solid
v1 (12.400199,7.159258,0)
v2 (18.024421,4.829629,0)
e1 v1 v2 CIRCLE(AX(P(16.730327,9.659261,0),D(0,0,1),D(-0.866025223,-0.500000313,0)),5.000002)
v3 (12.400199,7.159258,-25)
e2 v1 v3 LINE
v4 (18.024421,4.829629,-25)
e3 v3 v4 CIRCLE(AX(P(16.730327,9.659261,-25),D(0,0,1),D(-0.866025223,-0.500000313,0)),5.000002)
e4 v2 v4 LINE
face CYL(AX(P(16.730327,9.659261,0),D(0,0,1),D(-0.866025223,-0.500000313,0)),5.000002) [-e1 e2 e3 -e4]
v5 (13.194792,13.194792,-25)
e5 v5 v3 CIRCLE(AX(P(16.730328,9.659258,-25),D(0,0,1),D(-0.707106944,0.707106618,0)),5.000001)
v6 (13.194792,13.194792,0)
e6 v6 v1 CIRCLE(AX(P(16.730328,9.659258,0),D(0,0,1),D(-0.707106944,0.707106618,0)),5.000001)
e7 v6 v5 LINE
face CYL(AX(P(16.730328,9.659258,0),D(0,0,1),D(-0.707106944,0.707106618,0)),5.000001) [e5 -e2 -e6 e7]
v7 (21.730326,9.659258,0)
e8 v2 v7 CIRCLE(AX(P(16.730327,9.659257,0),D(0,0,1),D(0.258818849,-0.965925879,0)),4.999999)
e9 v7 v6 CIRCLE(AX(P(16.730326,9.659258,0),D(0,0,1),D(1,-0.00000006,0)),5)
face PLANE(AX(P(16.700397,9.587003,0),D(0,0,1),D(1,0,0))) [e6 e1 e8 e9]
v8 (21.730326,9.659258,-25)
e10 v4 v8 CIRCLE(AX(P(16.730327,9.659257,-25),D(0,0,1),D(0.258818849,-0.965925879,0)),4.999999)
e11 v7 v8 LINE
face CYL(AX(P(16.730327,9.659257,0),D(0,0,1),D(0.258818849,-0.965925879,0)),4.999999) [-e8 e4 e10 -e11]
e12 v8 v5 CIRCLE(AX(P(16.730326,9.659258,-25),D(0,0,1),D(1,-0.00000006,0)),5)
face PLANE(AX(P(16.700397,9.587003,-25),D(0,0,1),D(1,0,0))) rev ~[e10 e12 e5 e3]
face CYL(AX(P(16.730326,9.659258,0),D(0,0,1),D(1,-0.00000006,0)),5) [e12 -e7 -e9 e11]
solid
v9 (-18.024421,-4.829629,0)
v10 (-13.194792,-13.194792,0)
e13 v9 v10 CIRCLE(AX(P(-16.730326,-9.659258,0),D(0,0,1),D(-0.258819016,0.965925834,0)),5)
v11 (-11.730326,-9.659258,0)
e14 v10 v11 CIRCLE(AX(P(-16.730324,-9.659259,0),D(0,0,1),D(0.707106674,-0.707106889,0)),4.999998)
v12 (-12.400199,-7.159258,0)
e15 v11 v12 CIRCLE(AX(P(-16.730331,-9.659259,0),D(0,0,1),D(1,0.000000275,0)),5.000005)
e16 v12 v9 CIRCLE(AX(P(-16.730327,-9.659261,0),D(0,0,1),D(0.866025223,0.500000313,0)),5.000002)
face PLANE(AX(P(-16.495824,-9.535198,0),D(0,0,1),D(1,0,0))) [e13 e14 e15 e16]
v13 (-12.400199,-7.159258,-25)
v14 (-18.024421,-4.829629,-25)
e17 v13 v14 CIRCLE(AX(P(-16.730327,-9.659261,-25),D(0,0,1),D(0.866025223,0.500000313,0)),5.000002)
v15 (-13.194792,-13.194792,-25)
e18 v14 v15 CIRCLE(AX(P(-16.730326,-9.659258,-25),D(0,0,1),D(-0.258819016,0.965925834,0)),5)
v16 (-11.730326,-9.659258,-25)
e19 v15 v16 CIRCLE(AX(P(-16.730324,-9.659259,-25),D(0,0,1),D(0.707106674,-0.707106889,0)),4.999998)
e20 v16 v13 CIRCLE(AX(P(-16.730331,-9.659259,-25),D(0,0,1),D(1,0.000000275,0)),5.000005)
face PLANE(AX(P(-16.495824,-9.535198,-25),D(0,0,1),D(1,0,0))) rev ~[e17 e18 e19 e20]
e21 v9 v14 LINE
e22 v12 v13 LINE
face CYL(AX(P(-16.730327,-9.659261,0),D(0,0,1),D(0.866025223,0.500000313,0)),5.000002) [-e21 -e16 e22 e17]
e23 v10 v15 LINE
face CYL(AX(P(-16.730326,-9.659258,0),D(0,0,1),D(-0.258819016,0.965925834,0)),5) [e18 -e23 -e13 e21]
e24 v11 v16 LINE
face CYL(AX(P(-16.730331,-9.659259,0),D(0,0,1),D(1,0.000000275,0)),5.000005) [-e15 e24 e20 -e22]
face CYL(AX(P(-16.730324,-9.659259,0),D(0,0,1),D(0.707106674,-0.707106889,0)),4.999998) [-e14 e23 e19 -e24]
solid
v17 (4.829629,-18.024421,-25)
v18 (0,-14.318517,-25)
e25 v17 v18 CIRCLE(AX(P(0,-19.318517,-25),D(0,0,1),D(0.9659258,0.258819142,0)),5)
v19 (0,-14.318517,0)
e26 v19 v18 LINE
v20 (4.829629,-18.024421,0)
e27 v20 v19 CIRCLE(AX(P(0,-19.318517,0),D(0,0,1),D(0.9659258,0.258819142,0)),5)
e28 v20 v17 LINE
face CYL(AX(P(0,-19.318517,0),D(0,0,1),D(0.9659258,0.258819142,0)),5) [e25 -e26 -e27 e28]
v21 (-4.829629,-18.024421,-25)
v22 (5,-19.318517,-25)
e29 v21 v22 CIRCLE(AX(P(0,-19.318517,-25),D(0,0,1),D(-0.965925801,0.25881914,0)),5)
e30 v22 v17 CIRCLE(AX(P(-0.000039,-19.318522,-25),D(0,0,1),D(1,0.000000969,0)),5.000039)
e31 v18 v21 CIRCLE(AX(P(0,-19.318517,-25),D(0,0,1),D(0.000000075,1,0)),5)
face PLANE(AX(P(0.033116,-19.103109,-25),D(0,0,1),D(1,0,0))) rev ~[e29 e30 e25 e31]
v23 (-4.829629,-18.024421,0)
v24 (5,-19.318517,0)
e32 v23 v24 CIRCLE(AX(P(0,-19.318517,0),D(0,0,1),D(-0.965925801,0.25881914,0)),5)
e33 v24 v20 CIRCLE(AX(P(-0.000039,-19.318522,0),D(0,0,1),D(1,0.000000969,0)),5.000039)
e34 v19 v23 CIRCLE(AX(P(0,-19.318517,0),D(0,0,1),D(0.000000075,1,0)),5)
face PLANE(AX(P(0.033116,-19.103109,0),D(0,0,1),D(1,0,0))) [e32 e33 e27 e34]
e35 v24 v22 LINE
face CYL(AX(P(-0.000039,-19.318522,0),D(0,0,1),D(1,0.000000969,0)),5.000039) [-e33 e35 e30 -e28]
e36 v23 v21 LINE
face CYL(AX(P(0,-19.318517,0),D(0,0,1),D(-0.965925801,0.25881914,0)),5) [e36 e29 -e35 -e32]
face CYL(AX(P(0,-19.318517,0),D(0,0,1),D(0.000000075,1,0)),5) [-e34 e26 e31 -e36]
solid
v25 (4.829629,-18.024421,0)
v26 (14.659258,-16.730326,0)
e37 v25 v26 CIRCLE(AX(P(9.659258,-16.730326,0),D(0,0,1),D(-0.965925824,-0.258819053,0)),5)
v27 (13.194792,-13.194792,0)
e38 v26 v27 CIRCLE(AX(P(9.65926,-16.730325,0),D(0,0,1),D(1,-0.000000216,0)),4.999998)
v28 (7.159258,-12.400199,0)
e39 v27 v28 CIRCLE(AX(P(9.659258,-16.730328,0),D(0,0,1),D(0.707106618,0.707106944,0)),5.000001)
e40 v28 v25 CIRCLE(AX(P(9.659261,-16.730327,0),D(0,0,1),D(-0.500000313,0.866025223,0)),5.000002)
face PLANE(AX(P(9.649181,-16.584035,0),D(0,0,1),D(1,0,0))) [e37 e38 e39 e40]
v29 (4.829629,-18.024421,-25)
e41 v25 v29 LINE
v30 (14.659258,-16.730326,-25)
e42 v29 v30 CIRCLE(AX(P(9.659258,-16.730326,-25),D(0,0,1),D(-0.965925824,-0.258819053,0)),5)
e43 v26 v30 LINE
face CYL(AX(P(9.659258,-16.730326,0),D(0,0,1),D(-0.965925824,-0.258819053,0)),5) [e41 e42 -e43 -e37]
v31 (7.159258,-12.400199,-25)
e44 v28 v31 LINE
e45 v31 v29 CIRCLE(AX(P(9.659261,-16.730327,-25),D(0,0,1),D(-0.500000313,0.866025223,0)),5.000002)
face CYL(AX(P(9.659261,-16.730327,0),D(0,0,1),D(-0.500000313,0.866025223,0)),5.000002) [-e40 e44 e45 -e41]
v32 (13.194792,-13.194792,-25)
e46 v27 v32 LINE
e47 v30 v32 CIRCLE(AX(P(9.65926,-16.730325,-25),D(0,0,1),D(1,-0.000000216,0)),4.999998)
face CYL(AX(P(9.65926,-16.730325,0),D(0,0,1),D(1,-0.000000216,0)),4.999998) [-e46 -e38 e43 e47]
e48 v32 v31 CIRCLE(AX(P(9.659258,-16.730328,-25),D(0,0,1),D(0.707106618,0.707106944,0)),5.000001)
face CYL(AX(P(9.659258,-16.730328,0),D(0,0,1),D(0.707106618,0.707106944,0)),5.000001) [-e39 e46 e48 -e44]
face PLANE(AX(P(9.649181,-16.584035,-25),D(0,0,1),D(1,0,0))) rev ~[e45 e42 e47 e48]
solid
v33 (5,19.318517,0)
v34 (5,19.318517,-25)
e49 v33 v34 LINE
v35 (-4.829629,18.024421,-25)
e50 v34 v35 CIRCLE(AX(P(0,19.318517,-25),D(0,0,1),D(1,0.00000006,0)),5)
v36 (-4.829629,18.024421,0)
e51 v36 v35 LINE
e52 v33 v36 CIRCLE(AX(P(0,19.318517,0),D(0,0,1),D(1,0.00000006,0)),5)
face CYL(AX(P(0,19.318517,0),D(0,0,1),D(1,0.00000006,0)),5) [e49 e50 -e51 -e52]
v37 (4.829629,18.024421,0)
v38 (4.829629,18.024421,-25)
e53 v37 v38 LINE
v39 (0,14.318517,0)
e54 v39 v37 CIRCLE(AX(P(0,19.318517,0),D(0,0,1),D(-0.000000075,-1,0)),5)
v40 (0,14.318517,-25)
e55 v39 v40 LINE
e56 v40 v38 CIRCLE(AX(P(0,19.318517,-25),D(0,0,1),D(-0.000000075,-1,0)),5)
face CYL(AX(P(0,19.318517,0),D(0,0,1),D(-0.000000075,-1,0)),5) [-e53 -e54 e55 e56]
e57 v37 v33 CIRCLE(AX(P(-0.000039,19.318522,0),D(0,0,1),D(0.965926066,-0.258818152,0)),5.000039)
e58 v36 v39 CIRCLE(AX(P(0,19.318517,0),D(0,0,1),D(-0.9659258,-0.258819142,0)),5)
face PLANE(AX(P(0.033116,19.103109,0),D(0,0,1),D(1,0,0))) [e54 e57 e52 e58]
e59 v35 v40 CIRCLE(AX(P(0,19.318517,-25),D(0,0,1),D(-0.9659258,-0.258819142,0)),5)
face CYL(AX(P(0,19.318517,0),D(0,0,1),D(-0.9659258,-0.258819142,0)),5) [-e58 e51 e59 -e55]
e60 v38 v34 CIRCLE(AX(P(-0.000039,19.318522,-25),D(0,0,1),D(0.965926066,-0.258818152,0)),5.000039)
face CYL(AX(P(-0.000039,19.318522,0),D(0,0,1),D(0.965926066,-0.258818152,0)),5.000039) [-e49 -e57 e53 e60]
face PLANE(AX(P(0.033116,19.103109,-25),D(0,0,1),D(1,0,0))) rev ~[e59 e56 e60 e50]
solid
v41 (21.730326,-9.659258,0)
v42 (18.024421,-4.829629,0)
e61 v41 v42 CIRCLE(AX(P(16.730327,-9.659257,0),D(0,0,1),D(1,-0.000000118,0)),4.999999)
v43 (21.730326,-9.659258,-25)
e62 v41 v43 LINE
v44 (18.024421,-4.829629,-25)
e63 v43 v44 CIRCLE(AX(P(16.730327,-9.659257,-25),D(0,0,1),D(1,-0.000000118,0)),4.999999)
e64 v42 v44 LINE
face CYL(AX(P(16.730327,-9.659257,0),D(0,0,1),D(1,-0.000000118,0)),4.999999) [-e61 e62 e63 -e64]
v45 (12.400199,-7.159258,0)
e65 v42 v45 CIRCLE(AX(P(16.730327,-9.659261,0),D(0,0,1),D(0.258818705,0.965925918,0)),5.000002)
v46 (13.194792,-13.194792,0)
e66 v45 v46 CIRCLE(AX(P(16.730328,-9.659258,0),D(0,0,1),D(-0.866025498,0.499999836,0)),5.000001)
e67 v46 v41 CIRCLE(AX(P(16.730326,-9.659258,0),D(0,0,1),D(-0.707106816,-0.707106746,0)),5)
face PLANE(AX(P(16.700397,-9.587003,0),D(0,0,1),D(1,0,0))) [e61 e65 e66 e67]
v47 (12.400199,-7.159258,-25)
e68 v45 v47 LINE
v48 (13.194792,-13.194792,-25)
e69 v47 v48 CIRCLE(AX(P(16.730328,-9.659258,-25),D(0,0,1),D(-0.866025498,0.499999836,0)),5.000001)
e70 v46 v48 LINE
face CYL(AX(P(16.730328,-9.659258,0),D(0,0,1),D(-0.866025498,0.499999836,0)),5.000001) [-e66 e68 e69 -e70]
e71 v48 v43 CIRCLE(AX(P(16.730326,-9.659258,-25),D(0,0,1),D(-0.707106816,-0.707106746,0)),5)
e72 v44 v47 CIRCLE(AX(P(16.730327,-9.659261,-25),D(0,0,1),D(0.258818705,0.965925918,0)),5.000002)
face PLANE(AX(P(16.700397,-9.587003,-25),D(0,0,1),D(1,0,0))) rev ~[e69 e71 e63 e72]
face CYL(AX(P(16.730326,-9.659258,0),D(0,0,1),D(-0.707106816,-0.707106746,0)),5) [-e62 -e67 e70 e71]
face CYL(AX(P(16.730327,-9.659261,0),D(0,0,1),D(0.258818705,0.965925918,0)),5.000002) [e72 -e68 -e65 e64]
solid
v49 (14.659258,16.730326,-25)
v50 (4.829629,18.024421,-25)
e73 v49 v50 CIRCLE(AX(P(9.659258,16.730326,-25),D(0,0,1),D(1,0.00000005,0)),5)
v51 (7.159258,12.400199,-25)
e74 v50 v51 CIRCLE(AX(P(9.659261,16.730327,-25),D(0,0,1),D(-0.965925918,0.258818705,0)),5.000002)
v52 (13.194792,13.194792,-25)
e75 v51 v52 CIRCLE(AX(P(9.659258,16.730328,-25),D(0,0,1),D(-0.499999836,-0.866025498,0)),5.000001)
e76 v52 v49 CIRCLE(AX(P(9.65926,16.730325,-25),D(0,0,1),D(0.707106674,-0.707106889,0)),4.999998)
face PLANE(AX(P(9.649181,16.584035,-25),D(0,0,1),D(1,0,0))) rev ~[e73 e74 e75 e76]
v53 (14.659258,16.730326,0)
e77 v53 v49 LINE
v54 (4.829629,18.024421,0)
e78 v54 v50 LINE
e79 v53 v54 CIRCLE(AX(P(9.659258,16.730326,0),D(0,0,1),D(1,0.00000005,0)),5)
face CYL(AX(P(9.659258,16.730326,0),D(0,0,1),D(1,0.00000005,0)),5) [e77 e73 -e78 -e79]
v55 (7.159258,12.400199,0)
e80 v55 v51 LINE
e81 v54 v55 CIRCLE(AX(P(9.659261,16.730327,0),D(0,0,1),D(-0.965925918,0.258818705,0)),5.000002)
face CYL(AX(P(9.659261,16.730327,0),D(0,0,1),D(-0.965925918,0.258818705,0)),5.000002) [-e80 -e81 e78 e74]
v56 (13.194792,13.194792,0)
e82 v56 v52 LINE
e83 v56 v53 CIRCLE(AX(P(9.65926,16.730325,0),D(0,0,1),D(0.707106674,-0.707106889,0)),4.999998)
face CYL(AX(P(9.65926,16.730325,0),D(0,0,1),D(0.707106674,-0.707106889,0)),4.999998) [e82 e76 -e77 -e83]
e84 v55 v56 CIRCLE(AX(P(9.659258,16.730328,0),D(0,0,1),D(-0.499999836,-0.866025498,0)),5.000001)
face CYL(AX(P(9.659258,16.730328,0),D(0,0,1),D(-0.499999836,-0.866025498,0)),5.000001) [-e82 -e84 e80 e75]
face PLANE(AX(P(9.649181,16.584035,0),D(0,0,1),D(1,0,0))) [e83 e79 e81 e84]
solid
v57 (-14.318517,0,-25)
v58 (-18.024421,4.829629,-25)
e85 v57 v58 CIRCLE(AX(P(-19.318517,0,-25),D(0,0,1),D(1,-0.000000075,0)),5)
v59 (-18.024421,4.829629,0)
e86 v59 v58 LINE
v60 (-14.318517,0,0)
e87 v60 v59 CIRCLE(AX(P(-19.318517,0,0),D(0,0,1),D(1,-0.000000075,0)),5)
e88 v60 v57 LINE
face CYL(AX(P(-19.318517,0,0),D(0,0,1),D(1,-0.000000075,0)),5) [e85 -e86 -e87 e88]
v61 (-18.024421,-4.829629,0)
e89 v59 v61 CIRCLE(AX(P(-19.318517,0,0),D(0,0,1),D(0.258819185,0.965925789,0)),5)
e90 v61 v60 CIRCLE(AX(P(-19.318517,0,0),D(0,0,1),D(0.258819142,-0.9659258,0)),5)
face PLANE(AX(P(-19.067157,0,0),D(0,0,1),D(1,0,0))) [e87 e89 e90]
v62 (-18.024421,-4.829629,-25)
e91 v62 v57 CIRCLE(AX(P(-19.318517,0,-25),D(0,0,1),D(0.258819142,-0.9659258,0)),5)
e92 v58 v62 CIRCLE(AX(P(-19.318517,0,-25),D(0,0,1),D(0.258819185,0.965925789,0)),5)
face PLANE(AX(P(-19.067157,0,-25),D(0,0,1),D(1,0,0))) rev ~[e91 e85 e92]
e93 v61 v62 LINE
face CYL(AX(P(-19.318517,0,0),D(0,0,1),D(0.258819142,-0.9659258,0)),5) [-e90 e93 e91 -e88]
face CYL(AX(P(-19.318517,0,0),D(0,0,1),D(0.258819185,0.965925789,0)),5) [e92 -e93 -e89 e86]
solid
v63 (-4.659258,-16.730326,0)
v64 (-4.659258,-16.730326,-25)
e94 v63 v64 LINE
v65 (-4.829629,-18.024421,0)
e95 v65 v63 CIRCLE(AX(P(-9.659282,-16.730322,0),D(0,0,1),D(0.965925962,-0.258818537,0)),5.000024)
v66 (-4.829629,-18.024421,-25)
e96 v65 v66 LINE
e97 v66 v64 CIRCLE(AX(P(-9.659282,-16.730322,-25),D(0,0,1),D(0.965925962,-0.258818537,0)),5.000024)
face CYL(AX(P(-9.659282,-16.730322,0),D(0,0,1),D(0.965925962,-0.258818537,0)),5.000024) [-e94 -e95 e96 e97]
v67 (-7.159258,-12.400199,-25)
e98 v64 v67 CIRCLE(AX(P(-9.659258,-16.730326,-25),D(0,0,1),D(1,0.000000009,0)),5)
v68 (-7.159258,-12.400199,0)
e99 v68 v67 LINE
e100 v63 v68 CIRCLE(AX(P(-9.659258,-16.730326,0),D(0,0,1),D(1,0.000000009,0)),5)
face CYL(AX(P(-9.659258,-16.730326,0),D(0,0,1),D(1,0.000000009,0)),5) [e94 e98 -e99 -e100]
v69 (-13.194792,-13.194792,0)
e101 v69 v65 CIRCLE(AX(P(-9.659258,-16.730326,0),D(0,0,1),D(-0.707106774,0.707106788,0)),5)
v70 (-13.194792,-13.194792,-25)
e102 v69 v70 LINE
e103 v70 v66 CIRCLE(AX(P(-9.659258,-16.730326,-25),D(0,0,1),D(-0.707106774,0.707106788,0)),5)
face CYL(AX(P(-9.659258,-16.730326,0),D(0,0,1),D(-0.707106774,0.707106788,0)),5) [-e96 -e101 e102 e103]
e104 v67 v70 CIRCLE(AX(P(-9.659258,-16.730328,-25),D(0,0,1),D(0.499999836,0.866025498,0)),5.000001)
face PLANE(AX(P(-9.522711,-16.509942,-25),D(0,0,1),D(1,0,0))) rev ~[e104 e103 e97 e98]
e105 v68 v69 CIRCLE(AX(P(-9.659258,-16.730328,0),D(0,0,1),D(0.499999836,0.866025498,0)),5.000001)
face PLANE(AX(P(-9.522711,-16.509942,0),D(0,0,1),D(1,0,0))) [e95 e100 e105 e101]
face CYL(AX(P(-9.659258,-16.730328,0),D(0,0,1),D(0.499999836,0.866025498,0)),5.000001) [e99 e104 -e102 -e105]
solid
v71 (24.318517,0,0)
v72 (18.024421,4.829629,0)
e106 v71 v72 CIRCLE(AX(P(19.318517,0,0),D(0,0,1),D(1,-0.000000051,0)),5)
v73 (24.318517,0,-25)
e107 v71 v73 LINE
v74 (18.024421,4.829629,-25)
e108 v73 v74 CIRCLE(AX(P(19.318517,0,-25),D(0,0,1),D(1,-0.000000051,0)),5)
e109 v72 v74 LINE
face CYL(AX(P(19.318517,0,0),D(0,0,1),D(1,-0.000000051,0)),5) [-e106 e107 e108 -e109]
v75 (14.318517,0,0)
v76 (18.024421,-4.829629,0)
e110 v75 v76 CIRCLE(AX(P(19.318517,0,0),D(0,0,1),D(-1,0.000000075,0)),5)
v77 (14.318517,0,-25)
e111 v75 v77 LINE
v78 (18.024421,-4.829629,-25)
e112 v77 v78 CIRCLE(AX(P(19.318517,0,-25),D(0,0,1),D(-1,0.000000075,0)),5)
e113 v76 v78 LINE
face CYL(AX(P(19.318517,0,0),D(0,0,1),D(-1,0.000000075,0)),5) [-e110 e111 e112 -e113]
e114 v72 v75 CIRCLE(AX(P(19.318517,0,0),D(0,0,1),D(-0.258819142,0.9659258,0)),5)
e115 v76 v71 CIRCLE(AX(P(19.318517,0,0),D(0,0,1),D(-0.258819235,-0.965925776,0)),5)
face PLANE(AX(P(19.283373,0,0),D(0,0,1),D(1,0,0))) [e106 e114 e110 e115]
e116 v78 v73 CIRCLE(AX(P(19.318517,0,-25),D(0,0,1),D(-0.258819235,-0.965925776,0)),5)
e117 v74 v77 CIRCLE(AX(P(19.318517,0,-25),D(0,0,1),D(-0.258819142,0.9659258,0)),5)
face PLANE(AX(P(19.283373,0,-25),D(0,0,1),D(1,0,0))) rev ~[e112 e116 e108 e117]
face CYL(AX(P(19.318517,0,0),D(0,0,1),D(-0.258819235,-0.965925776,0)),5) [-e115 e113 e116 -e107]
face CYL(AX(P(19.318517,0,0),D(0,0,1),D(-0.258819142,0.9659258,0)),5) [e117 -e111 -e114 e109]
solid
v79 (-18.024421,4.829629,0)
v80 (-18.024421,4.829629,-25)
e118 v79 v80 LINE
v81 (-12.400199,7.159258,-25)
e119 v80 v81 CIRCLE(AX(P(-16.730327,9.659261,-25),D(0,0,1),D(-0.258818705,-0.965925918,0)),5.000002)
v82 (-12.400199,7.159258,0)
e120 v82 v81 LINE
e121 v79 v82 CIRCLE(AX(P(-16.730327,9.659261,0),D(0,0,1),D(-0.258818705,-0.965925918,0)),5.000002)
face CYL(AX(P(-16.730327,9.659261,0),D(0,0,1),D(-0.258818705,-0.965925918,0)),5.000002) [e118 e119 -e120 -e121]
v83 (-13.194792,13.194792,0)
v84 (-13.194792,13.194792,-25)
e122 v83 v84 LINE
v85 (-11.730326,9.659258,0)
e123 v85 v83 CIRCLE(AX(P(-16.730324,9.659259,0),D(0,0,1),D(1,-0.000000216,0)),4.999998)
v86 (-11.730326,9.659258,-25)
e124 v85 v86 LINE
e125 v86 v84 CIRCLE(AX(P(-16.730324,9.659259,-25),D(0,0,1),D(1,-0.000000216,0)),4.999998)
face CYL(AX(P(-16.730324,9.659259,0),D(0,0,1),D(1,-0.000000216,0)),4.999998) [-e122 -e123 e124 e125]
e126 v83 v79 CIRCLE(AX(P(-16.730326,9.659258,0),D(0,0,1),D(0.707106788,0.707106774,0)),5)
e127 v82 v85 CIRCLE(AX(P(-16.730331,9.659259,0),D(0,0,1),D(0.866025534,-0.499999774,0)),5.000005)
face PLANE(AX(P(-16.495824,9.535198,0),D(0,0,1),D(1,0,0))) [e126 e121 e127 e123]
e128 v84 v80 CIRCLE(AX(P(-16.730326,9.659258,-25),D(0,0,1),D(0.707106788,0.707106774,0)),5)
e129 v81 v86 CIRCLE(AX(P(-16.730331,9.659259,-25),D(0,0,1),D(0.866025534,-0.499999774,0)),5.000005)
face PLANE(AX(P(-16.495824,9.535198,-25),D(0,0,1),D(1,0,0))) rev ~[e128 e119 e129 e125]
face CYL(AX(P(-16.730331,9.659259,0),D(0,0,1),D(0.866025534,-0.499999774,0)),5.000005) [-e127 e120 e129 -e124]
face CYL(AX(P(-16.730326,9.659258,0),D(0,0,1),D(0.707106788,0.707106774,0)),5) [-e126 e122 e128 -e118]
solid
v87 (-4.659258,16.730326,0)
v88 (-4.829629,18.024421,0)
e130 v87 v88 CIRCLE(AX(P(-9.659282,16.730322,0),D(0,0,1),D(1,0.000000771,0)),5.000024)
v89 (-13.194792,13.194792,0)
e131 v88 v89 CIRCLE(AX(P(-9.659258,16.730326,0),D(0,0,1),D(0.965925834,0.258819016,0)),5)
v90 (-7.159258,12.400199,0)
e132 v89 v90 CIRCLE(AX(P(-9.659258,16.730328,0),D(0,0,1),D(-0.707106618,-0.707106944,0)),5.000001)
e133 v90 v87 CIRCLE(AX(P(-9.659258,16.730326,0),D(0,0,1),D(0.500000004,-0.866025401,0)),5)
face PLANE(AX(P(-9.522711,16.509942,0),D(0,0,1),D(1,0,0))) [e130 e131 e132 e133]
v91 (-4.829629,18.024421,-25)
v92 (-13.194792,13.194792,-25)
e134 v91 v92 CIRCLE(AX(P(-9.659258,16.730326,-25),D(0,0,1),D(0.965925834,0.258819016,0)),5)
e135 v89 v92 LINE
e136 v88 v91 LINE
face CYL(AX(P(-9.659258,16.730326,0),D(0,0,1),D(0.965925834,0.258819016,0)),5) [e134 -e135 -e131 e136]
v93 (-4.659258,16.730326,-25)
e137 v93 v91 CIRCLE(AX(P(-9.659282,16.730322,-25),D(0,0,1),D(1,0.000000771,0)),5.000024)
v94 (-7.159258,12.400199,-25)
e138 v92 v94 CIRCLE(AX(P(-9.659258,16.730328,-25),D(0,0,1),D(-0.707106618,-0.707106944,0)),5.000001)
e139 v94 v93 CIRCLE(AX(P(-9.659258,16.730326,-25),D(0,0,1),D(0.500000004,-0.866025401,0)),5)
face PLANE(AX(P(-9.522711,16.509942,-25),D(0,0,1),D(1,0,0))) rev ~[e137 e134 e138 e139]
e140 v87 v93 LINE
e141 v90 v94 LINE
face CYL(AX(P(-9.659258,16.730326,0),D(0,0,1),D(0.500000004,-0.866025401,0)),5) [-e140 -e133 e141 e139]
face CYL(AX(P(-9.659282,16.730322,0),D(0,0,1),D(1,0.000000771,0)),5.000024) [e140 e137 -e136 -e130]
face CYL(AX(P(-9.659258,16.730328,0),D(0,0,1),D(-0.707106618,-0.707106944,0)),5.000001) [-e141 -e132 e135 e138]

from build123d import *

# Parameters (mm, degrees)
F1_DEPTH = 25


with BuildPart() as f1:
    # F0 (on Top) → F1 (new body)
    with BuildSketch(Plane.XY):
        with BuildLine():
            ThreePointArc((-13.194792, 13.194792), (-10.311889, 11.773102), (-7.159258, 12.400199))
            ThreePointArc((-7.159258, 12.400199), (-5.329131, 14.230326), (-4.659258, 16.730326))
            ThreePointArc((-4.659258, 16.730326), (-4.702034, 17.382957), (-4.829629, 18.024421))
            ThreePointArc((-4.829629, 18.024421), (-12.159258, 21.060453), (-13.194792, 13.194792))
        make_face()
        with BuildLine():
            ThreePointArc((-4.829629, 18.024421), (-3.043807, 15.35175), (0, 14.318517))
            ThreePointArc((0, 14.318517), (3.043807, 15.35175), (4.829629, 18.024421))
            ThreePointArc((4.829629, 18.024421), (4.957224, 18.665886), (5, 19.318517))
            ThreePointArc((5, 19.318517), (-0.652631, 24.275741), (-4.829629, 18.024421))
        make_face()
        with BuildLine():
            ThreePointArc((4.829629, 18.024421), (5.039861, 14.816909), (7.159258, 12.400199))
            ThreePointArc((7.159258, 12.400199), (10.311889, 11.773102), (13.194792, 13.194792))
            ThreePointArc((13.194792, 13.194792), (14.278656, 14.816909), (14.659258, 16.730326))
            ThreePointArc((14.659258, 16.730326), (10.311889, 21.68755), (4.829629, 18.024421))
        make_face()
        with BuildLine():
            ThreePointArc((13.194792, 13.194792), (11.773102, 10.311889), (12.400199, 7.159258))
            ThreePointArc((12.400199, 7.159258), (14.816909, 5.039861), (18.024421, 4.829629))
            ThreePointArc((18.024421, 4.829629), (20.697093, 6.615451), (21.730326, 9.659258))
            ThreePointArc((21.730326, 9.659258), (18.643743, 14.278656), (13.194792, 13.194792))
        make_face()
        with BuildLine():
            ThreePointArc((18.024421, 4.829629), (15.35175, 3.043807), (14.318517, 0))
            ThreePointArc((14.318517, 0), (15.35175, -3.043807), (18.024421, -4.829629))
            ThreePointArc((18.024421, -4.829629), (22.362324, -3.966767), (24.318517, 0))
            ThreePointArc((24.318517, 0), (22.362324, 3.966767), (18.024421, 4.829629))
        make_face()
        with BuildLine():
            ThreePointArc((18.024421, -4.829629), (14.816909, -5.039861), (12.400199, -7.159258))
            ThreePointArc((12.400199, -7.159258), (11.773102, -10.311889), (13.194792, -13.194792))
            ThreePointArc((13.194792, -13.194792), (18.643743, -14.278656), (21.730326, -9.659258))
            ThreePointArc((21.730326, -9.659258), (20.697093, -6.615451), (18.024421, -4.829629))
        make_face()
        with BuildLine():
            ThreePointArc((13.194792, -13.194792), (10.311889, -11.773102), (7.159258, -12.400199))
            ThreePointArc((7.159258, -12.400199), (5.039861, -14.816909), (4.829629, -18.024421))
            ThreePointArc((4.829629, -18.024421), (10.311889, -21.68755), (14.659258, -16.730326))
            ThreePointArc((14.659258, -16.730326), (14.278656, -14.816909), (13.194792, -13.194792))
        make_face()
        with BuildLine():
            ThreePointArc((4.829629, -18.024421), (3.043807, -15.35175), (0, -14.318517))
            ThreePointArc((0, -14.318517), (-3.043807, -15.35175), (-4.829629, -18.024421))
            ThreePointArc((-4.829629, -18.024421), (-0.652631, -24.275741), (5, -19.318517))
            ThreePointArc((5, -19.318517), (4.957224, -18.665886), (4.829629, -18.024421))
        make_face()
        with BuildLine():
            ThreePointArc((-4.659258, -16.730326), (-5.329131, -14.230326), (-7.159258, -12.400199))
            ThreePointArc((-7.159258, -12.400199), (-10.311889, -11.773102), (-13.194792, -13.194792))
            ThreePointArc((-13.194792, -13.194792), (-12.159258, -21.060453), (-4.829629, -18.024421))
            ThreePointArc((-4.829629, -18.024421), (-4.702034, -17.382957), (-4.659258, -16.730326))
        make_face()
        with BuildLine():
            ThreePointArc((-11.730326, -9.659258), (-11.900697, -8.365163), (-12.400199, -7.159258))
            ThreePointArc((-12.400199, -7.159258), (-14.816909, -5.039861), (-18.024421, -4.829629))
            ThreePointArc((-18.024421, -4.829629), (-21.060453, -12.159258), (-13.194792, -13.194792))
            ThreePointArc((-13.194792, -13.194792), (-12.110928, -11.572675), (-11.730326, -9.659258))
        make_face()
        with BuildLine():
            ThreePointArc((-18.024421, -4.829629), (-15.35175, -3.043807), (-14.318517, 0))
            ThreePointArc((-14.318517, 0), (-15.35175, 3.043807), (-18.024421, 4.829629))
            ThreePointArc((-18.024421, 4.829629), (-24.318517, 0), (-18.024421, -4.829629))
        make_face()
        with BuildLine():
            ThreePointArc((-18.024421, 4.829629), (-14.816909, 5.039861), (-12.400199, 7.159258))
            ThreePointArc((-12.400199, 7.159258), (-11.900697, 8.365163), (-11.730326, 9.659258))
            ThreePointArc((-11.730326, 9.659258), (-12.110928, 11.572675), (-13.194792, 13.194792))
            ThreePointArc((-13.194792, 13.194792), (-21.060453, 12.159258), (-18.024421, 4.829629))
        make_face()
    extrude(amount=-F1_DEPTH)


solid = f1.part
